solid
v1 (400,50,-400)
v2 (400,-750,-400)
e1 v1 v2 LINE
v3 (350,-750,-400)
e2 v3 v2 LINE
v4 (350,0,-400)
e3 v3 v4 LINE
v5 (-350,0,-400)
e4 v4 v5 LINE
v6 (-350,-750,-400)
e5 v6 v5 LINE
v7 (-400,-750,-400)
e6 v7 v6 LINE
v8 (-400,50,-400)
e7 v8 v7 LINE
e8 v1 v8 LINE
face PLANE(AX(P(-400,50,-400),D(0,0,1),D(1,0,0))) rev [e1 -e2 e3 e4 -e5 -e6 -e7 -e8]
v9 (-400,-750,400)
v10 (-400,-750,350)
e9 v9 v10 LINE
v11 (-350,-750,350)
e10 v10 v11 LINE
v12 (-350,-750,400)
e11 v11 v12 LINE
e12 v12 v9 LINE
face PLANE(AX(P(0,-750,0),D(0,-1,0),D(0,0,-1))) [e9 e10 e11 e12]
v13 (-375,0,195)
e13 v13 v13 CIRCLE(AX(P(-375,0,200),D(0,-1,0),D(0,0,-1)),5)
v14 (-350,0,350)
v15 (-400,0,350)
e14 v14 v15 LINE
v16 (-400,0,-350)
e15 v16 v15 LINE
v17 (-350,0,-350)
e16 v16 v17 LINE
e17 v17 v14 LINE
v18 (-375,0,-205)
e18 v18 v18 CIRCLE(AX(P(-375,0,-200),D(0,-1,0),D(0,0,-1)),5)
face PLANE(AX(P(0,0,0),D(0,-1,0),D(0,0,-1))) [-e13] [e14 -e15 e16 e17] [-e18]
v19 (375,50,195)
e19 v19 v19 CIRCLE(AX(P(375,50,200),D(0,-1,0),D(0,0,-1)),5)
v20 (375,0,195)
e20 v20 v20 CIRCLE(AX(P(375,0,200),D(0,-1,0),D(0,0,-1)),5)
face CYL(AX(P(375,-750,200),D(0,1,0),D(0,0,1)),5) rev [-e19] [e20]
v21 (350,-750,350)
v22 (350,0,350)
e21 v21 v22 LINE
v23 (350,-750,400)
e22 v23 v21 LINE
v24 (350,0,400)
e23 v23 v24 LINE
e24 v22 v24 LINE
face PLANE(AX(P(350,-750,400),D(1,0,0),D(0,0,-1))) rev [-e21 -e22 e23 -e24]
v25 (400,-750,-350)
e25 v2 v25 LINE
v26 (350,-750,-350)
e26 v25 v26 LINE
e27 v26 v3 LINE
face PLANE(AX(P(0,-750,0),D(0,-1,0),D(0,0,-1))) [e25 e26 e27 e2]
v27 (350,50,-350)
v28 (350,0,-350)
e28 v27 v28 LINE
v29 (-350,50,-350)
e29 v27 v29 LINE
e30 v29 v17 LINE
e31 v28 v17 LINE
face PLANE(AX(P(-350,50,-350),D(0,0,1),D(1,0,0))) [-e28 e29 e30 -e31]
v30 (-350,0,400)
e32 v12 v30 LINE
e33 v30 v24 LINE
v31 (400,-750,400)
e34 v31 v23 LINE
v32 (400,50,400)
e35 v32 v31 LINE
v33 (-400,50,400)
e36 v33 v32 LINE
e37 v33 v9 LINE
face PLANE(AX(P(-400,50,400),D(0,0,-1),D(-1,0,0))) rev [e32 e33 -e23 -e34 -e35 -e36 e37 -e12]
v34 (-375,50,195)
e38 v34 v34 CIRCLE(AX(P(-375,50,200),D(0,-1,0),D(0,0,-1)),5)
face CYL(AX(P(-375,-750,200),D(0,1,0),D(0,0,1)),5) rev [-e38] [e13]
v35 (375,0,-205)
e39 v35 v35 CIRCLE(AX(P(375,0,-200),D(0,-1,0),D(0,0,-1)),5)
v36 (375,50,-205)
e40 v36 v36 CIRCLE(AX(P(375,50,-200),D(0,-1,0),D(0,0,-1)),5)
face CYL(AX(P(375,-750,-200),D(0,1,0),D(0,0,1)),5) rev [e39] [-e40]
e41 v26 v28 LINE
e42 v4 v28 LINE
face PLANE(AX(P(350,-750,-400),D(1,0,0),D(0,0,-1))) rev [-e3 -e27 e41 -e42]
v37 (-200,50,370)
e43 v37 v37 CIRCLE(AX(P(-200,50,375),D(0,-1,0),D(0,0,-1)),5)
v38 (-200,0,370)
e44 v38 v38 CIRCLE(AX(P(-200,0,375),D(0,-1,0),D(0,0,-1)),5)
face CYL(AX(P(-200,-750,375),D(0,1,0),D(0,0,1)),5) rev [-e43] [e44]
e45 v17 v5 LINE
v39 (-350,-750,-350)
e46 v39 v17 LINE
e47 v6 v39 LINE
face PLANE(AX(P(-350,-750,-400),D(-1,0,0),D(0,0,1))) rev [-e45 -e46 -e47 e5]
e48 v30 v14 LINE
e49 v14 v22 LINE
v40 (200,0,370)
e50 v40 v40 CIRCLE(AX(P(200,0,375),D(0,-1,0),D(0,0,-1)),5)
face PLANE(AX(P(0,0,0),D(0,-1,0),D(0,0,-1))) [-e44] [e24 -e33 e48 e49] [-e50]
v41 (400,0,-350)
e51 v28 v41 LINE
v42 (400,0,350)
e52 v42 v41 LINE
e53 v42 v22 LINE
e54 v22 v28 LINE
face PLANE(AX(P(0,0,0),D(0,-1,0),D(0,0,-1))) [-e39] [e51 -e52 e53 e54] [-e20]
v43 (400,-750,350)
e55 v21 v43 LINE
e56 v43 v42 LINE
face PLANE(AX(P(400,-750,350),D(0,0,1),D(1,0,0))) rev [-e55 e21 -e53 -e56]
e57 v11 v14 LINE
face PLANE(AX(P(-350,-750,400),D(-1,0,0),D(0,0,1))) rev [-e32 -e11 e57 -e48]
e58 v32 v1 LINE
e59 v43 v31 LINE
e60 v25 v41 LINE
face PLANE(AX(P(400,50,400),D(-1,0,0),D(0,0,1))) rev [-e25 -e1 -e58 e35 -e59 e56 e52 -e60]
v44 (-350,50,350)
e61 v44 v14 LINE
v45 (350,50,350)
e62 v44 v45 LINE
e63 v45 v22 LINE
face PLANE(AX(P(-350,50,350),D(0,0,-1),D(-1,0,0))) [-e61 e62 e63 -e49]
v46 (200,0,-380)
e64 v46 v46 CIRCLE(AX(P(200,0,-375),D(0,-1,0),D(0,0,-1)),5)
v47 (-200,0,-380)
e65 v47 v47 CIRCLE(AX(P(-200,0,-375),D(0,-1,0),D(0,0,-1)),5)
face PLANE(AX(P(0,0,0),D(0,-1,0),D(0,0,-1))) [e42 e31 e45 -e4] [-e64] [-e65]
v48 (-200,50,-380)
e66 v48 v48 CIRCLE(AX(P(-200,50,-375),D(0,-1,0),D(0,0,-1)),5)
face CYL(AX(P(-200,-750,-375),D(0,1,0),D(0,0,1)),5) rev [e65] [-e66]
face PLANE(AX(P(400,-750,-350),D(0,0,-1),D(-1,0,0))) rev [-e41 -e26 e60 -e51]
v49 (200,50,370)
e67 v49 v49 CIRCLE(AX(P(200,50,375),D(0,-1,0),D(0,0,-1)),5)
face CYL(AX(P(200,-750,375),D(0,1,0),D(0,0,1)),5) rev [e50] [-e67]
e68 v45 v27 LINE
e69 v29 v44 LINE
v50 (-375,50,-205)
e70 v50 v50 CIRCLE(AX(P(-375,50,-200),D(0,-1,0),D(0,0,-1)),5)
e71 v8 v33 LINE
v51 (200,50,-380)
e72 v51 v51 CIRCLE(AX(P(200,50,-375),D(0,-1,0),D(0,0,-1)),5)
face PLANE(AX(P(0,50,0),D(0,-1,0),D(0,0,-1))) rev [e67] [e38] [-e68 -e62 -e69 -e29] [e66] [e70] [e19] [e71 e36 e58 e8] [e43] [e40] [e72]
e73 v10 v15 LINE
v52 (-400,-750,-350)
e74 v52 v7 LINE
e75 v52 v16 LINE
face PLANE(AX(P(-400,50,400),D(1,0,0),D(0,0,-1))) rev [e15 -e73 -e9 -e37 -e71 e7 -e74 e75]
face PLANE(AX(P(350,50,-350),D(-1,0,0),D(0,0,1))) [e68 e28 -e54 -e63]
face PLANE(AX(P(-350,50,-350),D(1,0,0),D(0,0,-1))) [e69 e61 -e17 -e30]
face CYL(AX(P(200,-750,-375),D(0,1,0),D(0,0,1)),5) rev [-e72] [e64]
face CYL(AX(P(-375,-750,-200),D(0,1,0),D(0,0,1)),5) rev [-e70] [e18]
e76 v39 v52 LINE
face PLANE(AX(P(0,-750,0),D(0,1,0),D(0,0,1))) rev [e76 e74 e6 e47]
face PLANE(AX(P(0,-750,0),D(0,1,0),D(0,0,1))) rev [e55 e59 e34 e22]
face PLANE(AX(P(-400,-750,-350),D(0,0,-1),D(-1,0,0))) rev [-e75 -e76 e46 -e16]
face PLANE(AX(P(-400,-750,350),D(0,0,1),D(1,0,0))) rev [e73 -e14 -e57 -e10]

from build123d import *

# Parameters (mm, degrees)
SKETCH1_W               = 800
SKETCH1_H               = 800
SKETCH1_W_2             = 700
SKETCH1_H_2             = 700
BOSS_EXTRUDE1_DEPTH     = 50
SKETCH2_W               = 50
SKETCH2_H               = 50
BOSS_EXTRUDE2_DEPTH     = 800
CUT_EXTRUDE1_DEPTH      = 980.795897113
CUT_EXTRUDE1_DEPTH_BACK = 980.795897113
SKETCH3_R               = 5


with BuildPart() as part:
    # Sketch1 → Boss-Extrude1 (new body)
    with BuildSketch(Plane(origin=(0, 0, 0), x_dir=(1, 0, 0), z_dir=(0, 1, 0))):
        Rectangle(SKETCH1_W, SKETCH1_H)
        Rectangle(SKETCH1_W_2, SKETCH1_H_2, mode=Mode.SUBTRACT)
    extrude(amount=BOSS_EXTRUDE1_DEPTH)

    # Sketch2 → Boss-Extrude2 (add)
    with BuildSketch(Plane.XZ.offset(-50)):
        with Locations((-375, 375)):
            Rectangle(SKETCH2_W, SKETCH2_H)
        with Locations((375, 375)):
            Rectangle(SKETCH2_W, SKETCH2_H)
        with Locations((375, -375)):
            Rectangle(SKETCH2_W, SKETCH2_H)
        with Locations((-375, -375)):
            Rectangle(SKETCH2_W, SKETCH2_H)
    extrude(amount=BOSS_EXTRUDE2_DEPTH)

    # Sketch3 → Cut-Extrude1 (cut, two sides: drawn at the far end of the back side and taken through both)
    with BuildSketch(Plane(origin=(0, 50, 0), x_dir=(1, 0, 0), z_dir=(0, 1, 0)).offset(-CUT_EXTRUDE1_DEPTH_BACK)):
        with Locations(Location((-200, 375, 0), (0, 0, 90))):
            Circle(SKETCH3_R)
        with Locations(Location((-375, 200, 0), (0, 0, 90))):
            Circle(SKETCH3_R)
        with Locations(Location((-375, -200, 0), (0, 0, 90))):
            Circle(SKETCH3_R)
        with Locations(Location((-200, -375, 0), (0, 0, 90))):
            Circle(SKETCH3_R)
        with Locations(Location((200, -375, 0), (0, 0, 90))):
            Circle(SKETCH3_R)
        with Locations(Location((375, -200, 0), (0, 0, 90))):
            Circle(SKETCH3_R)
        with Locations(Location((375, 200, 0), (0, 0, 90))):
            Circle(SKETCH3_R)
        with Locations(Location((200, 375, 0), (0, 0, 90))):
            Circle(SKETCH3_R)
    extrude(amount=CUT_EXTRUDE1_DEPTH + CUT_EXTRUDE1_DEPTH_BACK, mode=Mode.SUBTRACT)


solid = part.part
